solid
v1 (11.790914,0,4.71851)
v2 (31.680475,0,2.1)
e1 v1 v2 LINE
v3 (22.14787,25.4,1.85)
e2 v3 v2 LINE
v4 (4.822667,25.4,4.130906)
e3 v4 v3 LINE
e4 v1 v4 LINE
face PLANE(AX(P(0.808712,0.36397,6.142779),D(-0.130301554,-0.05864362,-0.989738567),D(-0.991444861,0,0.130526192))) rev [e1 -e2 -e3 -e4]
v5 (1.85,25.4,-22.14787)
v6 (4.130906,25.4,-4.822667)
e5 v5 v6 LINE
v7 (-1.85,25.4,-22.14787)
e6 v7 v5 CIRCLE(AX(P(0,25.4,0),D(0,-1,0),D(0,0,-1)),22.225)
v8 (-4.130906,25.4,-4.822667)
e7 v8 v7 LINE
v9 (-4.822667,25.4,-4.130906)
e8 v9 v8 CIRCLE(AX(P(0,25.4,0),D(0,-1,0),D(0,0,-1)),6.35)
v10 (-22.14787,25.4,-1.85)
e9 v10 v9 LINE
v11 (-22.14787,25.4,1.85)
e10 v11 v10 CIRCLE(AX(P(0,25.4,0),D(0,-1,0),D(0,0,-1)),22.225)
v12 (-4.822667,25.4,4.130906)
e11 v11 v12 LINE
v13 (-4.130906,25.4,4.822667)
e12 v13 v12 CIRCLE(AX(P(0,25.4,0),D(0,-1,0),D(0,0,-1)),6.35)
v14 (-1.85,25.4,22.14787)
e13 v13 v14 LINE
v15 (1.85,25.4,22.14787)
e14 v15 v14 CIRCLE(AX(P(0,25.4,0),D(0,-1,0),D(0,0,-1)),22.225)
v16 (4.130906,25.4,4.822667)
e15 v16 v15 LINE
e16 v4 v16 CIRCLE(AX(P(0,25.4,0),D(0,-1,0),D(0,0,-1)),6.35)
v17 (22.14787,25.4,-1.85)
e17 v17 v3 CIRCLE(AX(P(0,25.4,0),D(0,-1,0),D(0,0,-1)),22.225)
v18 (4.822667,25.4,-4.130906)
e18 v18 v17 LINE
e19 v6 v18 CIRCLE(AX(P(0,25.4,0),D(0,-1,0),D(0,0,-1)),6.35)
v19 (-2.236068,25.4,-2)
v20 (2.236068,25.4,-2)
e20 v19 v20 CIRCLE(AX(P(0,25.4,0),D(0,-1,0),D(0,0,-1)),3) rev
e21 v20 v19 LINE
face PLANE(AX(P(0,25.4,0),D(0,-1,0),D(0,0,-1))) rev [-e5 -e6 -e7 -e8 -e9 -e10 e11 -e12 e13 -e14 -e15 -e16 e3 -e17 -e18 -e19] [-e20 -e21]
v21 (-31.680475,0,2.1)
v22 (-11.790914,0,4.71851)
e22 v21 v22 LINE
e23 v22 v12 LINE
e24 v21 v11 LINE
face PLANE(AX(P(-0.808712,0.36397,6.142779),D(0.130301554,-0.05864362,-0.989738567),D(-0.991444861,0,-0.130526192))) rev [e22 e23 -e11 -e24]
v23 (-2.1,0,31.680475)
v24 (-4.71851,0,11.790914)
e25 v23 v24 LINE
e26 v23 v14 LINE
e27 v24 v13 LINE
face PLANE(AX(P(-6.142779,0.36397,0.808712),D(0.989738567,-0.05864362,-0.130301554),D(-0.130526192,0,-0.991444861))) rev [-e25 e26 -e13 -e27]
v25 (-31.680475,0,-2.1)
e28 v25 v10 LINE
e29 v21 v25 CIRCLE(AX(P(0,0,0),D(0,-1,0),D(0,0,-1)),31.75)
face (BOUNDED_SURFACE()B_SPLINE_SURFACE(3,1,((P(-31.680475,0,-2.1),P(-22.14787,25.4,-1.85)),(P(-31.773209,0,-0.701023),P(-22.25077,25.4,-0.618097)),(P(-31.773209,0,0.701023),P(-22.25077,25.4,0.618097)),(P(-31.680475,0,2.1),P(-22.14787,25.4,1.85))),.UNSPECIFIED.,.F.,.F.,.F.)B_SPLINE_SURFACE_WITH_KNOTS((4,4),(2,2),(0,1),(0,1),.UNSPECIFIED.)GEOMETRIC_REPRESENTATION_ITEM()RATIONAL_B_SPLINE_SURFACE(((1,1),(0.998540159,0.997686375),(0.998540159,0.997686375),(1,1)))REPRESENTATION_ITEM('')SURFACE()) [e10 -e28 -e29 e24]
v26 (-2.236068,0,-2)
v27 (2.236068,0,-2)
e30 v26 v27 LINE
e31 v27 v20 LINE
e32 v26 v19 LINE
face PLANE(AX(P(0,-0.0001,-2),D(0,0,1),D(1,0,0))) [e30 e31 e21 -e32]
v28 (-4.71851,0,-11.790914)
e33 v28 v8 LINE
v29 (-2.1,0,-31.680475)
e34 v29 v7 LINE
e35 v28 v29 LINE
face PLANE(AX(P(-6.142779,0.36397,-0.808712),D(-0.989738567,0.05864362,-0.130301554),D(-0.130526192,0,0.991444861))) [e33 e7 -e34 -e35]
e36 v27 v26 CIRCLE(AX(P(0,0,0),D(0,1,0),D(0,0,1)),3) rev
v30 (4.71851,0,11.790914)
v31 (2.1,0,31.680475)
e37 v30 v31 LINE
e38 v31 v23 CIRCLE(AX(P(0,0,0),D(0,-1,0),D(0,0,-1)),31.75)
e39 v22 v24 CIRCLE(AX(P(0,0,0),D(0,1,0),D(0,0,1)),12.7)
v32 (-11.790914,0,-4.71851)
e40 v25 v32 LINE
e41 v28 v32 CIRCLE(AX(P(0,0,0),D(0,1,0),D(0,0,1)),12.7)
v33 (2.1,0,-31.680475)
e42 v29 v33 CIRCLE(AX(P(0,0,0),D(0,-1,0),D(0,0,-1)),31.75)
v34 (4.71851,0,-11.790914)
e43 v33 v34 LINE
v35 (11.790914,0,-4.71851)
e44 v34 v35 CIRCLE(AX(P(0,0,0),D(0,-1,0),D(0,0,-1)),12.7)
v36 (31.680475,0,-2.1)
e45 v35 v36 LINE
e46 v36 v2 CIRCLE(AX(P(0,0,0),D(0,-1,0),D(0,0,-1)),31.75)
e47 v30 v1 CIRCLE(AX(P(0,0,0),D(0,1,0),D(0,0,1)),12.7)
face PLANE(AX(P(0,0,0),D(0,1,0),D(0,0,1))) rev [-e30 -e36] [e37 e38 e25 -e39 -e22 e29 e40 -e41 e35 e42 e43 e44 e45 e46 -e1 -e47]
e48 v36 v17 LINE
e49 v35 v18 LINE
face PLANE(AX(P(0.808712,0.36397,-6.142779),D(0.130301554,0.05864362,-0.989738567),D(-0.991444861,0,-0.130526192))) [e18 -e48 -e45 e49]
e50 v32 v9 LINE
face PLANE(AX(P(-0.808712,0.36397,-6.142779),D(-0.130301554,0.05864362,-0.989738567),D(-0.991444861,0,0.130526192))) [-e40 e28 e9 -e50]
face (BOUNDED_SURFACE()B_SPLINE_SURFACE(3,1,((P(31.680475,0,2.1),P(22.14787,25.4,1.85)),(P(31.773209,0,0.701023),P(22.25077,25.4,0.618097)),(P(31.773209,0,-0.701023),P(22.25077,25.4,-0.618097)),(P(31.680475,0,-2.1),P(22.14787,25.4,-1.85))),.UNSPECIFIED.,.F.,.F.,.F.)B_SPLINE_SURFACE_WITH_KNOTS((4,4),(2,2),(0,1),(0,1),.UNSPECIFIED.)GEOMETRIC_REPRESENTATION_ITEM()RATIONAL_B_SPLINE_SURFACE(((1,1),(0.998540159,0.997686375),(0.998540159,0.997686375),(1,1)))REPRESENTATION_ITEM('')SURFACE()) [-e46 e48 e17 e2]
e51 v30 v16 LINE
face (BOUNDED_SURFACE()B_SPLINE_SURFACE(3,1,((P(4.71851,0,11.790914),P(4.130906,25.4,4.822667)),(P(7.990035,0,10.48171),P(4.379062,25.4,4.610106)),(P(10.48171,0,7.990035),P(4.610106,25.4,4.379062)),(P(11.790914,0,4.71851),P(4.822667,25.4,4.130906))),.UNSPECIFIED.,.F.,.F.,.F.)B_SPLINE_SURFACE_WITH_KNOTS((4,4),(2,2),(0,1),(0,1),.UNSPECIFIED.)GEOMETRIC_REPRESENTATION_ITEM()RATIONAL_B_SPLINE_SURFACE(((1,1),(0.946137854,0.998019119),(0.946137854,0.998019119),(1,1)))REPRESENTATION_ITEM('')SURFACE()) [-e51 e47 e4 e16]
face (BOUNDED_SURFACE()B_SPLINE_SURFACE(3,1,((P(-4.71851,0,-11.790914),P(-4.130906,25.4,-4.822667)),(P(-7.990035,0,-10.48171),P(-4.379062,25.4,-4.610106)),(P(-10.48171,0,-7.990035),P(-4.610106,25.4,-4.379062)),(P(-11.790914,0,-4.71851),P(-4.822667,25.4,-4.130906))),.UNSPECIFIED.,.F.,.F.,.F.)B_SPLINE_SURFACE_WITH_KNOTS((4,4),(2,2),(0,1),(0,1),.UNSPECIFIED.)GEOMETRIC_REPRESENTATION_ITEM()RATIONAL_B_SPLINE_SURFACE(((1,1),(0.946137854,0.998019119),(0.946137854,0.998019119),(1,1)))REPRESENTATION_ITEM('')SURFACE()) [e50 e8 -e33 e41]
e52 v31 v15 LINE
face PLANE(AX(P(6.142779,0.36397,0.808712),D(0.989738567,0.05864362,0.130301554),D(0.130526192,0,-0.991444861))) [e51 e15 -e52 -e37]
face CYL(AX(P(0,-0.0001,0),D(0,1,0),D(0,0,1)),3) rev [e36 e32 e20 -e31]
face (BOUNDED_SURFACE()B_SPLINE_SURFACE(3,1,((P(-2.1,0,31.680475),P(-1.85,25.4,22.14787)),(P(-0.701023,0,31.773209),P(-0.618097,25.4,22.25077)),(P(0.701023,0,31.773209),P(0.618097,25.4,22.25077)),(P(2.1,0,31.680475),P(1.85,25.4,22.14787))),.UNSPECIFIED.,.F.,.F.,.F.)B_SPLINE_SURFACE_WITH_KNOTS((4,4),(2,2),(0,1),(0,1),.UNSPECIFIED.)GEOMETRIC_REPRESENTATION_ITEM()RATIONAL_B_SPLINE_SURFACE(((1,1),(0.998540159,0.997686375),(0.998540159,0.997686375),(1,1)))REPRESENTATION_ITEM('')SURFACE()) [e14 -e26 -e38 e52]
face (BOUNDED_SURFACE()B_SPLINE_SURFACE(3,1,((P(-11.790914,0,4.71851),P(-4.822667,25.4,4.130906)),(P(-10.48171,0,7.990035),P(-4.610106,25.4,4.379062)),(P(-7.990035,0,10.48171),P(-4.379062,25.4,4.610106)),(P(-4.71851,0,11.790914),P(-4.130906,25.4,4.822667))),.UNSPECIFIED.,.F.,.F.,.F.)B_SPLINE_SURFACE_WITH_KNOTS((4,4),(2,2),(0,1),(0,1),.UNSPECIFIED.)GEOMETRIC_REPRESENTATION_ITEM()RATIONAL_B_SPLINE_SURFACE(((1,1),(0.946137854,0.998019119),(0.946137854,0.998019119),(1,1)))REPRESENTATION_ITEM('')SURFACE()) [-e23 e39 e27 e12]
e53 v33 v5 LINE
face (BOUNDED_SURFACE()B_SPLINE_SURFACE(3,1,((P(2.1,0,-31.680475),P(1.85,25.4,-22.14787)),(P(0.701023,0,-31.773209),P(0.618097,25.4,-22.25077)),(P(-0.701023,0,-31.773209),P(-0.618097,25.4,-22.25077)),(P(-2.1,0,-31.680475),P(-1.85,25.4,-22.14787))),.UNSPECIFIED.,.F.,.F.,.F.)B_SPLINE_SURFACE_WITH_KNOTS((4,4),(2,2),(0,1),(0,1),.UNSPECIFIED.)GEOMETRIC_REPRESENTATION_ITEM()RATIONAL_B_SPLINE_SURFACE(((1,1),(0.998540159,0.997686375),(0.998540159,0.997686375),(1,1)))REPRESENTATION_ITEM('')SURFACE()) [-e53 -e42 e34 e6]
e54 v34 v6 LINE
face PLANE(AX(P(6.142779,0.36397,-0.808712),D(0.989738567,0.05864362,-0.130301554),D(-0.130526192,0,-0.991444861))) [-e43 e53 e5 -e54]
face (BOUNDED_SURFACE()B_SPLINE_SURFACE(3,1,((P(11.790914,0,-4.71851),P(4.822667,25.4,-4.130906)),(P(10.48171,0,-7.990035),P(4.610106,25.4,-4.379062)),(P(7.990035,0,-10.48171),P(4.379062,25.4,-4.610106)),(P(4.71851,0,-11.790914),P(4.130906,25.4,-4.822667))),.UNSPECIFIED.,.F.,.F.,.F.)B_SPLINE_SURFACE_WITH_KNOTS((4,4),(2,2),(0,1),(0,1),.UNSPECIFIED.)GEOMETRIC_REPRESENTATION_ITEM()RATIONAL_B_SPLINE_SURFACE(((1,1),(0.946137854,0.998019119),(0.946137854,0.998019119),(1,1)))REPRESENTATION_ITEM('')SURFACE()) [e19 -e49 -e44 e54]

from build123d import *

# Parameters (mm, degrees)
CUT_EXTRUDE1_DEPTH      = 26.4000001
CUT_EXTRUDE1_DEPTH_BACK = 1.0000001


with BuildPart() as part:
    # Sketch2 → Loft1 section 0
    with BuildSketch(Plane(origin=(0, 0, 0), x_dir=(1, 0, 0), z_dir=(0, 1, 0))):
        with BuildLine():
            Line((-4.71851035, 11.790914302), (-2.1, 31.68047506))
            ThreePointArc((-2.1, 31.68047506), (0, 31.75), (2.1, 31.68047506))
            Line((2.1, 31.68047506), (4.71851035, 11.790914302))
            ThreePointArc((4.71851035, 11.790914302), (8.980256121, 8.980256121), (11.790914302, 4.71851035))
            Line((11.790914302, 4.71851035), (31.68047506, 2.1))
            ThreePointArc((31.68047506, 2.1), (31.75, 0), (31.68047506, -2.1))
            Line((31.68047506, -2.1), (11.790914302, -4.71851035))
            ThreePointArc((11.790914302, -4.71851035), (8.980256121, -8.980256121), (4.71851035, -11.790914302))
            Line((4.71851035, -11.790914302), (2.1, -31.68047506))
            ThreePointArc((2.1, -31.68047506), (0, -31.75), (-2.1, -31.68047506))
            Line((-2.1, -31.68047506), (-4.71851035, -11.790914302))
            ThreePointArc((-4.71851035, -11.790914302), (-8.980256121, -8.980256121), (-11.790914302, -4.71851035))
            Line((-11.790914302, -4.71851035), (-31.68047506, -2.1))
            ThreePointArc((-31.68047506, -2.1), (-31.75, 0), (-31.68047506, 2.1))
            Line((-31.68047506, 2.1), (-11.790914302, 4.71851035))
            ThreePointArc((-11.790914302, 4.71851035), (-8.980256121, 8.980256121), (-4.71851035, 11.790914302))
        make_face()
    # Sketch5 → Loft1 section 1
    with BuildSketch(Plane(origin=(0, 25.4, 0), x_dir=(1, 0, 0), z_dir=(0, 1, 0))):
        with BuildLine():
            Line((-4.13090623, 4.822666661), (-1.85, 22.147869536))
            ThreePointArc((-1.85, 22.147869536), (0, 22.225), (1.85, 22.147869536))
            Line((1.85, 22.147869536), (4.13090623, 4.822666661))
            ThreePointArc((4.13090623, 4.822666661), (4.490128061, 4.490128061), (4.822666661, 4.13090623))
            Line((4.822666661, 4.13090623), (22.147869536, 1.85))
            ThreePointArc((22.147869536, 1.85), (22.225, 0), (22.147869536, -1.85))
            Line((22.147869536, -1.85), (4.822666661, -4.13090623))
            ThreePointArc((4.822666661, -4.13090623), (4.490128061, -4.490128061), (4.13090623, -4.822666661))
            Line((4.13090623, -4.822666661), (1.85, -22.147869536))
            ThreePointArc((1.85, -22.147869536), (0, -22.225), (-1.85, -22.147869536))
            Line((-1.85, -22.147869536), (-4.13090623, -4.822666661))
            ThreePointArc((-4.13090623, -4.822666661), (-4.490128061, -4.490128061), (-4.822666661, -4.13090623))
            Line((-4.822666661, -4.13090623), (-22.147869536, -1.85))
            ThreePointArc((-22.147869536, -1.85), (-22.225, 0), (-22.147869536, 1.85))
            Line((-22.147869536, 1.85), (-4.822666661, 4.13090623))
            ThreePointArc((-4.822666661, 4.13090623), (-4.490128061, 4.490128061), (-4.13090623, 4.822666661))
        make_face()
    loft()

    # Sketch2<3> → Cut-Extrude1 (cut, two sides)
    with BuildSketch(Plane(origin=(0, 0, 0), x_dir=(1, 0, 0), z_dir=(0, 1, 0))) as cut_extrude1_sk:
        with BuildLine():
            ThreePointArc((2.236067977, 2), (0, -3), (-2.236067977, 2))
            Line((-2.236067977, 2), (2.236067977, 2))
        make_face()
    extrude(amount=CUT_EXTRUDE1_DEPTH, mode=Mode.SUBTRACT)
    extrude(cut_extrude1_sk.sketch, amount=-CUT_EXTRUDE1_DEPTH_BACK, mode=Mode.SUBTRACT)


solid = part.part
